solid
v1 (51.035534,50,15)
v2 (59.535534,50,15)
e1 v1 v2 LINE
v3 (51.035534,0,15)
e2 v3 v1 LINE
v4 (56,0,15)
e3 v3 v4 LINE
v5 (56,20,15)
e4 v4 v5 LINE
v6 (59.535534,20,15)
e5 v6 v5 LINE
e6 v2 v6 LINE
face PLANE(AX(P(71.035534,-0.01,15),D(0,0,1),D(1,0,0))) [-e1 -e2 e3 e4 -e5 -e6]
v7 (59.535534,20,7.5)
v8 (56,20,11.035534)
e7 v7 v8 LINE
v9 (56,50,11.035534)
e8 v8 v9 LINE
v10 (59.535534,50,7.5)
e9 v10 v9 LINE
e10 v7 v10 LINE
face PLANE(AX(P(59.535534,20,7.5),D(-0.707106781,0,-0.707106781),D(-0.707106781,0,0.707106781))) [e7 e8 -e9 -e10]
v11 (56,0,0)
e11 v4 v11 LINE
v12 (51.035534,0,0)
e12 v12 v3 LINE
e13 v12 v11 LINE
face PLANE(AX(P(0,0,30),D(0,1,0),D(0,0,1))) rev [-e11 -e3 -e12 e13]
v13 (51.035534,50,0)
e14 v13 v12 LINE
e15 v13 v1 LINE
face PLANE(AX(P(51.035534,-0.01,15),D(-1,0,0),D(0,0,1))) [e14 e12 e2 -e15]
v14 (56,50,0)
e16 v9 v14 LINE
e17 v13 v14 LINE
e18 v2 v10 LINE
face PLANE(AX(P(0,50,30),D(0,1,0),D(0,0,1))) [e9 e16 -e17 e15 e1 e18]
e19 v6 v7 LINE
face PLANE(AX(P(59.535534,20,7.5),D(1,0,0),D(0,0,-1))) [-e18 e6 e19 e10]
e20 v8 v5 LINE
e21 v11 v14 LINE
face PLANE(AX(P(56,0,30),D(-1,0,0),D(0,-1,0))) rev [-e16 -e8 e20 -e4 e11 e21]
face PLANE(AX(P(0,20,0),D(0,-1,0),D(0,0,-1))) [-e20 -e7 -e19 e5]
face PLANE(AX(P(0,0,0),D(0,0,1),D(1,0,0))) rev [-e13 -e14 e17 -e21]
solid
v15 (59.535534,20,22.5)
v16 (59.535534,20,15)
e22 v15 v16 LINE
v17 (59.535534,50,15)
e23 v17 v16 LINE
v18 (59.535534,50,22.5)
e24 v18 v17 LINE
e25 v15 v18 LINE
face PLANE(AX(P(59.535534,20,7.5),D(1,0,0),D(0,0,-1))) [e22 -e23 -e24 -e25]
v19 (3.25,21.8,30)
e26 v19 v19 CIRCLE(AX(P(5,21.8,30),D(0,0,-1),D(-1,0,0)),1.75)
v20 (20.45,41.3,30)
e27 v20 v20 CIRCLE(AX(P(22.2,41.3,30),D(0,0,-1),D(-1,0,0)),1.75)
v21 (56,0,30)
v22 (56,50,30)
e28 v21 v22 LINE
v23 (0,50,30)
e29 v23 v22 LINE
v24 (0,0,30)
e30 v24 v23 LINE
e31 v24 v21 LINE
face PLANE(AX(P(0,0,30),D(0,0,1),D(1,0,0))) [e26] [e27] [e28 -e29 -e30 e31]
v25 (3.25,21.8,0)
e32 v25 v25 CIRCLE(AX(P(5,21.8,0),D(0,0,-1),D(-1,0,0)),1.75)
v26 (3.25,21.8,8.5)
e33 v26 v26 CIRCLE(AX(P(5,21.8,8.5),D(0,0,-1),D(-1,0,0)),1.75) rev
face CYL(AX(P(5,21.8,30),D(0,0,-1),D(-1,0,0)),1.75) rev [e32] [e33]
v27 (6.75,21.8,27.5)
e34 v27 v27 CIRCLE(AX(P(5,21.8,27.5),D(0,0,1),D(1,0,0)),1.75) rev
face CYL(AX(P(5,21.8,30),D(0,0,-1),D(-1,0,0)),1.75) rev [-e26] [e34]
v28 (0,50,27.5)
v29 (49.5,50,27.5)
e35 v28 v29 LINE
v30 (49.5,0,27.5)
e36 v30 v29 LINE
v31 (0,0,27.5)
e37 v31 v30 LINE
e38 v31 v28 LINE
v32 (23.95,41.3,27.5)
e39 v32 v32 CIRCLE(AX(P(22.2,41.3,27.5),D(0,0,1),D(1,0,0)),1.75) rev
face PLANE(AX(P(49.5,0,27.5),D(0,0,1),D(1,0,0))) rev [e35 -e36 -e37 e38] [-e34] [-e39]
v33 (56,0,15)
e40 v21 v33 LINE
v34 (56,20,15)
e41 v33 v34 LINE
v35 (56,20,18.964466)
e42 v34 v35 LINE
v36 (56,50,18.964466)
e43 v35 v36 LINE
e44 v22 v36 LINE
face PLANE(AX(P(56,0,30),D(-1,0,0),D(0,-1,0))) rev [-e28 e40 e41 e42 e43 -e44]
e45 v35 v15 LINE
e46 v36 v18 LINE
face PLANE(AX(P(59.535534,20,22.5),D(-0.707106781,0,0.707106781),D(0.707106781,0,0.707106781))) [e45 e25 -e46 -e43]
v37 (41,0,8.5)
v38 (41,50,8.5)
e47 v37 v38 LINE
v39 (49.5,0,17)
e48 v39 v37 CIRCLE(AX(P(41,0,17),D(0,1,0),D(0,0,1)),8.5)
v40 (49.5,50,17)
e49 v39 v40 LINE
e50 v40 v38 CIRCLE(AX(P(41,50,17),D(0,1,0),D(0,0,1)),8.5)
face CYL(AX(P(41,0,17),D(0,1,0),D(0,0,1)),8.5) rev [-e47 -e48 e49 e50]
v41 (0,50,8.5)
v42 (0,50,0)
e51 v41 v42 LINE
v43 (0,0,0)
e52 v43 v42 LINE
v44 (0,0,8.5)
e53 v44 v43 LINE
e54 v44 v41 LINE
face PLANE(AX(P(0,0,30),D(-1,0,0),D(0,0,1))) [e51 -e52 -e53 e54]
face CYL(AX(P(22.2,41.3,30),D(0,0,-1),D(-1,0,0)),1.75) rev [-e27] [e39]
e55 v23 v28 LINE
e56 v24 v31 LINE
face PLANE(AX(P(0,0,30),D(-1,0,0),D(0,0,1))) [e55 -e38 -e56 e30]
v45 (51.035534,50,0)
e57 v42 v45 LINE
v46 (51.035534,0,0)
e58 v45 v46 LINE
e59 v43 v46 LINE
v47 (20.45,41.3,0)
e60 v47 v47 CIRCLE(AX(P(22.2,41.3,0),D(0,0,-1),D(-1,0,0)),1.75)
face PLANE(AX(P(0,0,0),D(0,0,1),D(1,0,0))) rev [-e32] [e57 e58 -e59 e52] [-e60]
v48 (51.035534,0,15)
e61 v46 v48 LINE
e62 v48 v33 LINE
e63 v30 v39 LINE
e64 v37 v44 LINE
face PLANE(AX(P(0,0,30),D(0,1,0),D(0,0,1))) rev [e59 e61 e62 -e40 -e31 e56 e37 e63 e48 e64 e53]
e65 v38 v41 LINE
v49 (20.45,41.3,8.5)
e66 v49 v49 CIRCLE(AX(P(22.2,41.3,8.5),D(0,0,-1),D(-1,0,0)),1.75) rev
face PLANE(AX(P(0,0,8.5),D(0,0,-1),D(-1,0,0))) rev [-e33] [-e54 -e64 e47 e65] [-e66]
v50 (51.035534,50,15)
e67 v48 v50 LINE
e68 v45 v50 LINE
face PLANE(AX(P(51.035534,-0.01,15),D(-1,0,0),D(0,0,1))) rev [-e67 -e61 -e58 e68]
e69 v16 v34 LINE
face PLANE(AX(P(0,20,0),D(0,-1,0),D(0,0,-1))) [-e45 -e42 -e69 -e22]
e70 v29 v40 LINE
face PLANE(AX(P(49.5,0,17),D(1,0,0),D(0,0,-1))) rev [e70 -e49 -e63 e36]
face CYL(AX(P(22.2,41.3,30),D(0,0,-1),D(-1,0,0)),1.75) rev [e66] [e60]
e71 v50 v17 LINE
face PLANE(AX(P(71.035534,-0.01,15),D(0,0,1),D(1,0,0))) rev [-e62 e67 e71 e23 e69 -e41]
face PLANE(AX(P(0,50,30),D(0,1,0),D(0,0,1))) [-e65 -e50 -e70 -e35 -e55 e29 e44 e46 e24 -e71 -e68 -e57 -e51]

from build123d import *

# Parameters (mm, degrees)
SKETCH1_W              = 56
SKETCH1_H              = 50
BOSS_EXTRUDE1_DEPTH    = 30
SKETCH4_R              = 1.75
CUT_EXTRUDE2_DEPTH     = 81.845531726
CUT_EXTRUDE3_DEPTH     = 81.845531726
BOSS_EXTRUDE2_DEPTH    = 30
SPLIT1_SURFACE_1_BACK  = 84.334
SPLIT1_SURFACE_1_DEPTH = 168.668
SPLIT1_SURFACE_2_BACK  = 84.334
SPLIT1_SURFACE_2_DEPTH = 168.668


with BuildPart() as part:
    # Sketch1 → Boss-Extrude1 (new body)
    with BuildSketch(Plane.XY):
        with Locations((28, 25)):
            Rectangle(SKETCH1_W, SKETCH1_H)
    extrude(amount=BOSS_EXTRUDE1_DEPTH)

    # Sketch4 → Cut-Extrude2 (cut, through all)
    with BuildSketch(Plane(origin=(0, 0, 0), x_dir=(-1, 0, 0), z_dir=(0, 0, -1))):
        with Locations((-5, 21.8)):
            Circle(SKETCH4_R)
        with Locations((-22.2, 41.3)):
            Circle(SKETCH4_R)
    extrude(amount=-CUT_EXTRUDE2_DEPTH, mode=Mode.SUBTRACT)

    # Sketch5 → Cut-Extrude3 (cut, through all)
    with BuildSketch(Plane(origin=(0, 50, 0), x_dir=(1, 0, 0), z_dir=(0, 1, 0))):
        with BuildLine():
            Line((49.5, -17), (49.5, -27.5))
            Line((49.5, -27.5), (0, -27.5))
            Line((0, -27.5), (0, -8.5))
            Line((0, -8.5), (41, -8.5))
            ThreePointArc((41, -8.5), (47.01040764, -10.98959236), (49.5, -17))
        make_face()
    extrude(amount=-CUT_EXTRUDE3_DEPTH, mode=Mode.SUBTRACT)

    # Sketch7 → Boss-Extrude2 (add)
    with BuildSketch(Plane(origin=(0, 50, 0), x_dir=(1, 0, 0), z_dir=(0, 1, 0))):
        Polygon((59.535533906, -7.5), (59.535533906, -22.5), (56, -18.964466094), (55, -18.964466094), (55, -11.035533906), (56, -11.035533906), align=None)
    extrude(amount=-BOSS_EXTRUDE2_DEPTH)


with BuildPart() as body_2:
    # Split1: the piece behind the surface
    add(part.part)
    # Split1 surface: a surface, the sketch's curves swept straight by 168.668 mm
    with BuildLine(Plane(origin=(0, 50, 0), x_dir=(1, 0, 0), z_dir=(0, 1, 0)).offset(-SPLIT1_SURFACE_1_BACK), mode=Mode.PRIVATE) as split1_surface_1_path:
        Line((71.035533906, -15), (51.035533906, -15))
        Line((51.035533906, -15), (51.035533906, 5))
        Line((51.035533906, 5), (71.035533906, 5))
        Line((71.035533906, 5), (71.035533906, -15))
    split1_surface_1 = Shell.extrude(split1_surface_1_path.wire(), (0 * SPLIT1_SURFACE_1_DEPTH, 1 * SPLIT1_SURFACE_1_DEPTH, 0 * SPLIT1_SURFACE_1_DEPTH))
    split(bisect_by=split1_surface_1, keep=Keep.BOTTOM)


with BuildPart() as part_1:
    add(part.part)

    # Split1: split by a surface, the side it looks to stays
    # Split1 surface: a surface, the sketch's curves swept straight by 168.668 mm
    with BuildLine(Plane(origin=(0, 50, 0), x_dir=(1, 0, 0), z_dir=(0, 1, 0)).offset(-SPLIT1_SURFACE_2_BACK), mode=Mode.PRIVATE) as split1_surface_2_path:
        Line((71.035533906, -15), (51.035533906, -15))
        Line((51.035533906, -15), (51.035533906, 5))
        Line((51.035533906, 5), (71.035533906, 5))
        Line((71.035533906, 5), (71.035533906, -15))
    split1_surface_2 = Shell.extrude(split1_surface_2_path.wire(), (0 * SPLIT1_SURFACE_2_DEPTH, 1 * SPLIT1_SURFACE_2_DEPTH, 0 * SPLIT1_SURFACE_2_DEPTH))
    split(bisect_by=split1_surface_2, keep=Keep.TOP)


solid = Compound([body_2.part, part_1.part])
